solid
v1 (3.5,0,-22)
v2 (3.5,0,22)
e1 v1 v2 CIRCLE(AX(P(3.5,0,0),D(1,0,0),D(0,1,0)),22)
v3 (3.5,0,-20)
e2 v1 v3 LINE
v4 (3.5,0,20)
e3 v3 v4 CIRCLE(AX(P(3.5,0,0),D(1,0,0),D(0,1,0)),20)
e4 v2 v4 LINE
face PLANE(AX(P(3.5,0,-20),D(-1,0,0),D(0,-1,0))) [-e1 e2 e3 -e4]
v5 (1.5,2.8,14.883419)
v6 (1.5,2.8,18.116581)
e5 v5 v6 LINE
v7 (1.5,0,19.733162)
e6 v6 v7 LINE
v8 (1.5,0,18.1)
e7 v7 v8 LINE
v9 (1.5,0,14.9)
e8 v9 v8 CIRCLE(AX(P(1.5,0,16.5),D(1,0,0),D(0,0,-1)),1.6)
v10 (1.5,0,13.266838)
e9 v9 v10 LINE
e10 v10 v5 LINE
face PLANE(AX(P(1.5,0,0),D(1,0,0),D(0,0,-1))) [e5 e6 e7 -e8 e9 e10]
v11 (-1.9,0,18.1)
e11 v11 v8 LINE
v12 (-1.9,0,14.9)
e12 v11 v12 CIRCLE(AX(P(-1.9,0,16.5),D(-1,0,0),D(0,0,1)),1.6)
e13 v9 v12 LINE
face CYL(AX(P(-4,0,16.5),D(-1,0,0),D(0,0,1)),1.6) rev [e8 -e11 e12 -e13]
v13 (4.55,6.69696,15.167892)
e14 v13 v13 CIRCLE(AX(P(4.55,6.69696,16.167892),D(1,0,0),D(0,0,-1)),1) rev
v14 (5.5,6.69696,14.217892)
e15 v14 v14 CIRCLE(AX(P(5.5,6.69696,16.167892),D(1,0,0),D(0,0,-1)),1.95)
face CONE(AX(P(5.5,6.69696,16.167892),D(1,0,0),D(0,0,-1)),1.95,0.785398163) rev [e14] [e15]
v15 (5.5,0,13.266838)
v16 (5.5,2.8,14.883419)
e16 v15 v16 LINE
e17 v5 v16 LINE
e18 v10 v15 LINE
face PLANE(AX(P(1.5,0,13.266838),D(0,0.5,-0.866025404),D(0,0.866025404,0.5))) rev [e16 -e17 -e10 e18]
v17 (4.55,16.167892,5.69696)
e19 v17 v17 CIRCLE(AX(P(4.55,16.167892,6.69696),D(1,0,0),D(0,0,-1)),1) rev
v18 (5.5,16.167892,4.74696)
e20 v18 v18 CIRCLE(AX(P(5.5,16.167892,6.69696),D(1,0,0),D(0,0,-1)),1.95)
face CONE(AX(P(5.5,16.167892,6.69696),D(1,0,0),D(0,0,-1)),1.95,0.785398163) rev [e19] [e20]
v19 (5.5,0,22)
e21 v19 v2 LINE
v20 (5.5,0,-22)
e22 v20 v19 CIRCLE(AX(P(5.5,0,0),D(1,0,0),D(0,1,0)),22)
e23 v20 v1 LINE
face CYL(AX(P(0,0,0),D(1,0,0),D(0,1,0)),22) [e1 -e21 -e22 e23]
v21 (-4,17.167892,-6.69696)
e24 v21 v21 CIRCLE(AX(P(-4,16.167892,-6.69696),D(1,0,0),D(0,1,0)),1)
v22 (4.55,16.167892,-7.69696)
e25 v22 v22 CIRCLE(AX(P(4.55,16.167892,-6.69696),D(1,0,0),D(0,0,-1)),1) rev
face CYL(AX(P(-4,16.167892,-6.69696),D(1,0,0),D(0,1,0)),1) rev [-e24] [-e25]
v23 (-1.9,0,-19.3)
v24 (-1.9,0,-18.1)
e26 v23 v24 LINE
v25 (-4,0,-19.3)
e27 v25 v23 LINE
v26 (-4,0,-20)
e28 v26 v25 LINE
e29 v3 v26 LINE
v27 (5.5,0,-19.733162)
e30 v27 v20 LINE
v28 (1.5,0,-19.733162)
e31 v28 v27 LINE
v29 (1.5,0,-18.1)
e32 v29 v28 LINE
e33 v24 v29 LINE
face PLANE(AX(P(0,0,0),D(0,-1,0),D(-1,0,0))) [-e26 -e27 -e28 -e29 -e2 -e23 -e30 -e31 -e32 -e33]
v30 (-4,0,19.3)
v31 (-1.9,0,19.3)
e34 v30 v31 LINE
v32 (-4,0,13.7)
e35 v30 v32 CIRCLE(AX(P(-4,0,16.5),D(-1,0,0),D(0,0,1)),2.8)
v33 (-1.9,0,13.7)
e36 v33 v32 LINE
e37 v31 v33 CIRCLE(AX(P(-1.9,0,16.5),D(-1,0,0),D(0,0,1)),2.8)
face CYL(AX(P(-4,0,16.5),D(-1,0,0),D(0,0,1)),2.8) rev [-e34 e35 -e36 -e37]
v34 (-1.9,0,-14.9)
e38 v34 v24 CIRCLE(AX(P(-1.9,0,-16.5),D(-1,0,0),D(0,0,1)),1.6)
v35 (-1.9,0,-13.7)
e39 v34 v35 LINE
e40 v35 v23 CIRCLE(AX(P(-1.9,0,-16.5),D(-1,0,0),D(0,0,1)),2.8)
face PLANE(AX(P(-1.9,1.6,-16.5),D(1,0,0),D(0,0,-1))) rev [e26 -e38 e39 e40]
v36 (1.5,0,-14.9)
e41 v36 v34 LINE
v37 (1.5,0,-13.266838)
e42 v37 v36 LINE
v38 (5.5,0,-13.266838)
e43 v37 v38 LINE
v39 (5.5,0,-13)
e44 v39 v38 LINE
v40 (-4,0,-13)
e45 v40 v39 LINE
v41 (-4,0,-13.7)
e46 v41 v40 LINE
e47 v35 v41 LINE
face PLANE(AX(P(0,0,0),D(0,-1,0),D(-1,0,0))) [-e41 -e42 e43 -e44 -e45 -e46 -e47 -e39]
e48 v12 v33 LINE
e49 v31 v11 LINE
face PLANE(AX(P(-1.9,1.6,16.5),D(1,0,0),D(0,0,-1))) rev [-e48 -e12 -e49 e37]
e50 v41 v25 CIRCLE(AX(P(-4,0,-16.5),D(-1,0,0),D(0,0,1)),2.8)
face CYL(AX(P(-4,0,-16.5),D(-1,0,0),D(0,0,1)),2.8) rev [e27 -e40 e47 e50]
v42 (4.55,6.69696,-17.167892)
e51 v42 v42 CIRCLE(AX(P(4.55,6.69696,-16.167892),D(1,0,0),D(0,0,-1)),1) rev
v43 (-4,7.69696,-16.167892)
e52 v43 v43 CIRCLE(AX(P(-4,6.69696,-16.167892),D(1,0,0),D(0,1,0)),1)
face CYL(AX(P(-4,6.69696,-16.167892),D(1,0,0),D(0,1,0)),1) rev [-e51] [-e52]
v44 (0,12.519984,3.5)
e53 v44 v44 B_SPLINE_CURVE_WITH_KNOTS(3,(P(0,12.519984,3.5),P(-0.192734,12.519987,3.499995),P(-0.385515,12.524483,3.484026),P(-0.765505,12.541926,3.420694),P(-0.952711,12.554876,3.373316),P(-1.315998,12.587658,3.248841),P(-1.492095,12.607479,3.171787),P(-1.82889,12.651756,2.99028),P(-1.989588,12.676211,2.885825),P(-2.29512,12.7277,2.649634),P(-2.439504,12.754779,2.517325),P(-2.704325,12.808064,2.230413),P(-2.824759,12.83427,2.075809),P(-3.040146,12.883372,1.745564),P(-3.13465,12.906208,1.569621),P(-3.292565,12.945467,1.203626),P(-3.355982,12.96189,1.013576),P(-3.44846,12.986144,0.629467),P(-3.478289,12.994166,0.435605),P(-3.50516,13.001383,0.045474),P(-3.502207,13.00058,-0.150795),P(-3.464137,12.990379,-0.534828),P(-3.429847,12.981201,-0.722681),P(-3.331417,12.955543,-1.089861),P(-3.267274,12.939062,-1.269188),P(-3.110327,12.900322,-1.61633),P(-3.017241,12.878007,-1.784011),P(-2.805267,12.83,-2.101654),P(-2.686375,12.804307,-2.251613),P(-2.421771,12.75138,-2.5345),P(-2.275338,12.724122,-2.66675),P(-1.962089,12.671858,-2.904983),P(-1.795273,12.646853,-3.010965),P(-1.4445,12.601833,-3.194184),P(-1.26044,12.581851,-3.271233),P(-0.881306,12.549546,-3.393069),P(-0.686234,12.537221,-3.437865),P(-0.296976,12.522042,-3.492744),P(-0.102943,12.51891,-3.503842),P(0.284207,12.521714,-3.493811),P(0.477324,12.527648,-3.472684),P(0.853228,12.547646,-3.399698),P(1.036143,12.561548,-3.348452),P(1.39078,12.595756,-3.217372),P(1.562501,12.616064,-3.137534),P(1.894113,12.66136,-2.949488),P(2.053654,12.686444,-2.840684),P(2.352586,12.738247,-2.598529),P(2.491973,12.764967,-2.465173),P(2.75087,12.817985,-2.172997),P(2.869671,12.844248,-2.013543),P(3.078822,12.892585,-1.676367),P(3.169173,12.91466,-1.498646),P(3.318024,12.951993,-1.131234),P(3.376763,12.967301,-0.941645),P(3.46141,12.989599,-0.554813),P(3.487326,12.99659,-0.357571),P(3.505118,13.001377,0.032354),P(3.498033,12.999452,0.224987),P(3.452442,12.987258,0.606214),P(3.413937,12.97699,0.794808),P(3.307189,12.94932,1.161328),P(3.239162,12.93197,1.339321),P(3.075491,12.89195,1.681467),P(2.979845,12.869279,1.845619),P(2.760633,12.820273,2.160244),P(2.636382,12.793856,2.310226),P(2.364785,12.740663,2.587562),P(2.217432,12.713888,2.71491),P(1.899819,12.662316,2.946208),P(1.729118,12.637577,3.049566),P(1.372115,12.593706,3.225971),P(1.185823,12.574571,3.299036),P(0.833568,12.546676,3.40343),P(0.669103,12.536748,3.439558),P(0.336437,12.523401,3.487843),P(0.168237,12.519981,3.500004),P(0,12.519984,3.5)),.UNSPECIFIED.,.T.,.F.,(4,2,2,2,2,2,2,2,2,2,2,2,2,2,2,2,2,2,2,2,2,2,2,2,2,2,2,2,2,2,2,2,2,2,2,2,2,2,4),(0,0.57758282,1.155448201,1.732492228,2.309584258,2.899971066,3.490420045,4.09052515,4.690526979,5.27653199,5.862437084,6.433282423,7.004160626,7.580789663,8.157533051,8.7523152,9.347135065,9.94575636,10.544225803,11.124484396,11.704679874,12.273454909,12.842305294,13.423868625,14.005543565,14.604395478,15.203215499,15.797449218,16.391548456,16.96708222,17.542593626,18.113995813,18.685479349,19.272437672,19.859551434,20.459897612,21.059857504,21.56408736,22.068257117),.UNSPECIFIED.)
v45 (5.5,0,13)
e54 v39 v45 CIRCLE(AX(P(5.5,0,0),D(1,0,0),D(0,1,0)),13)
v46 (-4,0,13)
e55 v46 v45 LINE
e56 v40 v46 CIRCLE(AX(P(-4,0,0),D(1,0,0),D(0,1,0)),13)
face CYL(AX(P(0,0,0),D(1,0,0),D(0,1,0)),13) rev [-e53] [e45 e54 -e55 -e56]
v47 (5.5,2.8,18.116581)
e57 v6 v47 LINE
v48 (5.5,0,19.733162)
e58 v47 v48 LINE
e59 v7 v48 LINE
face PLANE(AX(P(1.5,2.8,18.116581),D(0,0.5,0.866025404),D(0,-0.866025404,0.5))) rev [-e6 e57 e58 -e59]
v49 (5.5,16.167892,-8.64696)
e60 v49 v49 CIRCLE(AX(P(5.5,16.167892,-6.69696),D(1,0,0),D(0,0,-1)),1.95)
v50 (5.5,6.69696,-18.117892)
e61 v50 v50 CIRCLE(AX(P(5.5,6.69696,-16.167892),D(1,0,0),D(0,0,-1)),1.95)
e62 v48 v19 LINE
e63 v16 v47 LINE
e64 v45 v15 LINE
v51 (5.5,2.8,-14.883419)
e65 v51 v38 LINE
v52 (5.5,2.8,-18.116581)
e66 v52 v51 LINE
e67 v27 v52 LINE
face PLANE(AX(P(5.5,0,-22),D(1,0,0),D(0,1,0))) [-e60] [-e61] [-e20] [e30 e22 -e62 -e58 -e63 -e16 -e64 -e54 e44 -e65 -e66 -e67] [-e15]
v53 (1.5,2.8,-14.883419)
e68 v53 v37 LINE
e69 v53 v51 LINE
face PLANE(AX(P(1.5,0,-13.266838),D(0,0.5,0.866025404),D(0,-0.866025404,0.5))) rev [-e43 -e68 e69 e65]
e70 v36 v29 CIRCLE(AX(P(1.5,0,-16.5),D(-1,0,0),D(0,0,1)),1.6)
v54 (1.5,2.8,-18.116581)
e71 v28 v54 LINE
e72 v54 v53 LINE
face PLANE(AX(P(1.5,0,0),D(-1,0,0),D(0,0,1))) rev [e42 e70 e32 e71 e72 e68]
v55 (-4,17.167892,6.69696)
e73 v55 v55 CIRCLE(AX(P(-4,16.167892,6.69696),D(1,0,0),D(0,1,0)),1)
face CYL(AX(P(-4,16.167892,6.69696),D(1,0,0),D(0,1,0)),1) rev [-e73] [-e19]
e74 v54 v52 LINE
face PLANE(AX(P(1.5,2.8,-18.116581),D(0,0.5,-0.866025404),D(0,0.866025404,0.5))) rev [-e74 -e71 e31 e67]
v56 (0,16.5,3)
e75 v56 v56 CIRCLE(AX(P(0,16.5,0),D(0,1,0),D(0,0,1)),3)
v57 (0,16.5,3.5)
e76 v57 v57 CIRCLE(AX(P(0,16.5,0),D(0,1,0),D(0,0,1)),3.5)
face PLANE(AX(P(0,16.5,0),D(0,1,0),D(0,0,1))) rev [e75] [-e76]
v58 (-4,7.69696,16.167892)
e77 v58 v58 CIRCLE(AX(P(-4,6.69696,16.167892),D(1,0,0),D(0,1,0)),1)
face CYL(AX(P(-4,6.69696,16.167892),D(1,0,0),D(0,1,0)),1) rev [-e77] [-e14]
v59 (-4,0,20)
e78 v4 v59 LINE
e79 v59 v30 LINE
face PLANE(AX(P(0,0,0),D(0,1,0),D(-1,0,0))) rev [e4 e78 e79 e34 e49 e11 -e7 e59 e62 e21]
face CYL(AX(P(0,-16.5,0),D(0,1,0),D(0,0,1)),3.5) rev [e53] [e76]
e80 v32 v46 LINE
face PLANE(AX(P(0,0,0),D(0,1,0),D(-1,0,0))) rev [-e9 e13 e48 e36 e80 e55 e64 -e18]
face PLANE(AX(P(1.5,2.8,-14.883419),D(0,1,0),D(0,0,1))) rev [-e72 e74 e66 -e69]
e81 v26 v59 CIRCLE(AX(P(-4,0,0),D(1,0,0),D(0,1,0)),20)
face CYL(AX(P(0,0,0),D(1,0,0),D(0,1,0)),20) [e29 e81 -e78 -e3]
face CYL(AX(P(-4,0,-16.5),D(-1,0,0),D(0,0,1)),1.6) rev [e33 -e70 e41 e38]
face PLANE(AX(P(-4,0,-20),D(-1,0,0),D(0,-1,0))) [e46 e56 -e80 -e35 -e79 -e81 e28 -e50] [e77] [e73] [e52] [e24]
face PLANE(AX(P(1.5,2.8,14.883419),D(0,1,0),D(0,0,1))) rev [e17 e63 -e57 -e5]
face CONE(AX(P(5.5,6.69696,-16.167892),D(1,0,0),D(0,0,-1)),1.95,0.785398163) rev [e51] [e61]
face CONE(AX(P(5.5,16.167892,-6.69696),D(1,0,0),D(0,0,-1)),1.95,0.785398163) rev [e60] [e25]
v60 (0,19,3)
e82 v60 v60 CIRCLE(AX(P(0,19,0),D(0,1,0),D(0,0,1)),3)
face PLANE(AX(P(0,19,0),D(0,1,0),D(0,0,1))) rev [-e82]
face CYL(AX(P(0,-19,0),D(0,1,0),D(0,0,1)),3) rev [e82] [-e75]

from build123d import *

# Parameters (mm, degrees)
ROTATION1_ANGLE                                      = 180
FORMSENKUNG_F_R_M3_SENKSCHRAUBE_MIT_INNE_D           = 1.6
FORMSENKUNG_F_R_M3_SENKSCHRAUBE_MIT_INNE_DEPTH       = 12
FORMSENKUNG_F_R_M3_SENKSCHRAUBE_MIT_INNE_CSINK_D     = 3.9
FORMSENKUNG_F_R_M3_SENKSCHRAUBE_MIT_INNE_CSINK_ANGLE = 90
FORMSENKUNG_F_R_M3_SENKSCHRAUBE_MIT_INNE_TIP         = 0.480688495
SKIZZE12_R                                           = 1
SCHNITT_LINEAR_AUSTRAGEN1_DEPTH                      = 33.530754679
SKIZZE9_R                                            = 3
SCHNITT_LINEAR_AUSTRAGEN2_DEPTH                      = 19
SKIZZE9_5_R                                          = 3
SCHNITT_LINEAR_AUSTRAGEN3_DEPTH                      = 16.5
SCHNITT_LINEAR_AUSTRAGEN5_DEPTH                      = 4
STIRNSENKUNG_F_R_M3_D_NNKOPF_ZYLINDERSCH_D           = 3.2
STIRNSENKUNG_F_R_M3_D_NNKOPF_ZYLINDERSCH_CBORE_D     = 5.6
STIRNSENKUNG_F_R_M3_D_NNKOPF_ZYLINDERSCH_CBORE_DEPTH = 2.1


with BuildPart() as part:
    # Skizze4 → Rotation1 (revolve, symmetric)
    with BuildSketch(Plane.XY) as rotation1_sk:
        Polygon((3.5, 20), (-4, 20), (-4, 13), (5.5, 13), (5.5, 22), (3.5, 22), align=None)
    revolve(axis=Axis((0, 0, 0), (-1, 0, 0)), revolution_arc=ROTATION1_ANGLE / 2)
    revolve(rotation1_sk.sketch, axis=Axis((0, 0, 0), (1, 0, 0)), revolution_arc=ROTATION1_ANGLE / 2)

    # Formsenkung für M3 Senkschraube mit Innensechskant1
    with Locations(Plane(origin=(5.5, 0, 0), x_dir=(0, 0, -1), z_dir=(1, 0, 0))):
        with Locations((6.696960066, 16.167891819), (-16.167891819, 6.696960066), (-6.696960066, 16.167891819), (16.167891819, 6.696960066)):
            CounterSinkHole(FORMSENKUNG_F_R_M3_SENKSCHRAUBE_MIT_INNE_D / 2, FORMSENKUNG_F_R_M3_SENKSCHRAUBE_MIT_INNE_CSINK_D / 2, depth=FORMSENKUNG_F_R_M3_SENKSCHRAUBE_MIT_INNE_DEPTH, counter_sink_angle=FORMSENKUNG_F_R_M3_SENKSCHRAUBE_MIT_INNE_CSINK_ANGLE)
            with Locations((0, 0, -(FORMSENKUNG_F_R_M3_SENKSCHRAUBE_MIT_INNE_DEPTH + FORMSENKUNG_F_R_M3_SENKSCHRAUBE_MIT_INNE_TIP / 2))):  # 118° drill point
                Cone(0, FORMSENKUNG_F_R_M3_SENKSCHRAUBE_MIT_INNE_D / 2, FORMSENKUNG_F_R_M3_SENKSCHRAUBE_MIT_INNE_TIP, mode=Mode.SUBTRACT)

    # Skizze12 → Schnitt-Linear austragen1 (cut, through all)
    with BuildSketch(Plane(origin=(5.5, 0, 0), x_dir=(0, 0, -1), z_dir=(1, 0, 0))):
        with Locations((-6.696960066, 16.167891819)):
            Circle(SKIZZE12_R)
        with Locations((6.696960066, 16.167891819)):
            Circle(SKIZZE12_R)
        with Locations((16.167891819, 6.696960066)):
            Circle(SKIZZE12_R)
        with Locations((-16.167891819, 6.696960066)):
            Circle(SKIZZE12_R)
    extrude(amount=-SCHNITT_LINEAR_AUSTRAGEN1_DEPTH, mode=Mode.SUBTRACT)

    # Skizze9 → Schnitt-Linear austragen2 (cut, symmetric)
    with BuildSketch(Plane(origin=(0, 0, 0), x_dir=(1, 0, 0), z_dir=(0, 1, 0))):
        Circle(SKIZZE9_R)
    extrude(amount=SCHNITT_LINEAR_AUSTRAGEN2_DEPTH, both=True, mode=Mode.SUBTRACT)

    # Skizze9_5 → Schnitt-Linear austragen3 (cut, symmetric)
    with BuildSketch(Plane(origin=(0, 0, 0), x_dir=(1, 0, 0), z_dir=(0, 1, 0))):
        with BuildLine():
            ThreePointArc((3.5, 0), (1.616120146, 3.104537916), (-2.007517527, 2.867032155))
            ThreePointArc((-2.007517527, 2.867032155), (-3.5, 0), (-2.007517527, -2.867032155))
            ThreePointArc((-2.007517527, -2.867032155), (1.616120146, -3.104537916), (3.5, 0))
        make_face()
        Circle(SKIZZE9_5_R, mode=Mode.SUBTRACT)
    extrude(amount=SCHNITT_LINEAR_AUSTRAGEN3_DEPTH, both=True, mode=Mode.SUBTRACT)

    # Skizze15 → Schnitt-Linear austragen5 (cut)
    with BuildSketch(Plane(origin=(5.5, 0, 0), x_dir=(0, 0, -1), z_dir=(1, 0, 0))):
        Polygon((-14.883419246, 2.8), (-18.116580754, 2.8), (-19.733161507, 0), (-18.116580754, -2.8), (-14.883419246, -2.8), (-13.266838493, 0), align=None)
        Polygon((13.266838493, 0), (14.883419246, 2.8), (18.116580754, 2.8), (19.733161507, 0), (18.116580754, -2.8), (14.883419246, -2.8), align=None)
    extrude(amount=-SCHNITT_LINEAR_AUSTRAGEN5_DEPTH, mode=Mode.SUBTRACT)

    # Stirnsenkung für M3 Dünnkopf-Zylinderschraube mit Innensechskant1 (through all)
    with Locations(Plane.ZY.offset(4)):
        with Locations((16.5, 0), (-16.5, 0)):
            CounterBoreHole(STIRNSENKUNG_F_R_M3_D_NNKOPF_ZYLINDERSCH_D / 2, STIRNSENKUNG_F_R_M3_D_NNKOPF_ZYLINDERSCH_CBORE_D / 2, STIRNSENKUNG_F_R_M3_D_NNKOPF_ZYLINDERSCH_CBORE_DEPTH)


solid = part.part
